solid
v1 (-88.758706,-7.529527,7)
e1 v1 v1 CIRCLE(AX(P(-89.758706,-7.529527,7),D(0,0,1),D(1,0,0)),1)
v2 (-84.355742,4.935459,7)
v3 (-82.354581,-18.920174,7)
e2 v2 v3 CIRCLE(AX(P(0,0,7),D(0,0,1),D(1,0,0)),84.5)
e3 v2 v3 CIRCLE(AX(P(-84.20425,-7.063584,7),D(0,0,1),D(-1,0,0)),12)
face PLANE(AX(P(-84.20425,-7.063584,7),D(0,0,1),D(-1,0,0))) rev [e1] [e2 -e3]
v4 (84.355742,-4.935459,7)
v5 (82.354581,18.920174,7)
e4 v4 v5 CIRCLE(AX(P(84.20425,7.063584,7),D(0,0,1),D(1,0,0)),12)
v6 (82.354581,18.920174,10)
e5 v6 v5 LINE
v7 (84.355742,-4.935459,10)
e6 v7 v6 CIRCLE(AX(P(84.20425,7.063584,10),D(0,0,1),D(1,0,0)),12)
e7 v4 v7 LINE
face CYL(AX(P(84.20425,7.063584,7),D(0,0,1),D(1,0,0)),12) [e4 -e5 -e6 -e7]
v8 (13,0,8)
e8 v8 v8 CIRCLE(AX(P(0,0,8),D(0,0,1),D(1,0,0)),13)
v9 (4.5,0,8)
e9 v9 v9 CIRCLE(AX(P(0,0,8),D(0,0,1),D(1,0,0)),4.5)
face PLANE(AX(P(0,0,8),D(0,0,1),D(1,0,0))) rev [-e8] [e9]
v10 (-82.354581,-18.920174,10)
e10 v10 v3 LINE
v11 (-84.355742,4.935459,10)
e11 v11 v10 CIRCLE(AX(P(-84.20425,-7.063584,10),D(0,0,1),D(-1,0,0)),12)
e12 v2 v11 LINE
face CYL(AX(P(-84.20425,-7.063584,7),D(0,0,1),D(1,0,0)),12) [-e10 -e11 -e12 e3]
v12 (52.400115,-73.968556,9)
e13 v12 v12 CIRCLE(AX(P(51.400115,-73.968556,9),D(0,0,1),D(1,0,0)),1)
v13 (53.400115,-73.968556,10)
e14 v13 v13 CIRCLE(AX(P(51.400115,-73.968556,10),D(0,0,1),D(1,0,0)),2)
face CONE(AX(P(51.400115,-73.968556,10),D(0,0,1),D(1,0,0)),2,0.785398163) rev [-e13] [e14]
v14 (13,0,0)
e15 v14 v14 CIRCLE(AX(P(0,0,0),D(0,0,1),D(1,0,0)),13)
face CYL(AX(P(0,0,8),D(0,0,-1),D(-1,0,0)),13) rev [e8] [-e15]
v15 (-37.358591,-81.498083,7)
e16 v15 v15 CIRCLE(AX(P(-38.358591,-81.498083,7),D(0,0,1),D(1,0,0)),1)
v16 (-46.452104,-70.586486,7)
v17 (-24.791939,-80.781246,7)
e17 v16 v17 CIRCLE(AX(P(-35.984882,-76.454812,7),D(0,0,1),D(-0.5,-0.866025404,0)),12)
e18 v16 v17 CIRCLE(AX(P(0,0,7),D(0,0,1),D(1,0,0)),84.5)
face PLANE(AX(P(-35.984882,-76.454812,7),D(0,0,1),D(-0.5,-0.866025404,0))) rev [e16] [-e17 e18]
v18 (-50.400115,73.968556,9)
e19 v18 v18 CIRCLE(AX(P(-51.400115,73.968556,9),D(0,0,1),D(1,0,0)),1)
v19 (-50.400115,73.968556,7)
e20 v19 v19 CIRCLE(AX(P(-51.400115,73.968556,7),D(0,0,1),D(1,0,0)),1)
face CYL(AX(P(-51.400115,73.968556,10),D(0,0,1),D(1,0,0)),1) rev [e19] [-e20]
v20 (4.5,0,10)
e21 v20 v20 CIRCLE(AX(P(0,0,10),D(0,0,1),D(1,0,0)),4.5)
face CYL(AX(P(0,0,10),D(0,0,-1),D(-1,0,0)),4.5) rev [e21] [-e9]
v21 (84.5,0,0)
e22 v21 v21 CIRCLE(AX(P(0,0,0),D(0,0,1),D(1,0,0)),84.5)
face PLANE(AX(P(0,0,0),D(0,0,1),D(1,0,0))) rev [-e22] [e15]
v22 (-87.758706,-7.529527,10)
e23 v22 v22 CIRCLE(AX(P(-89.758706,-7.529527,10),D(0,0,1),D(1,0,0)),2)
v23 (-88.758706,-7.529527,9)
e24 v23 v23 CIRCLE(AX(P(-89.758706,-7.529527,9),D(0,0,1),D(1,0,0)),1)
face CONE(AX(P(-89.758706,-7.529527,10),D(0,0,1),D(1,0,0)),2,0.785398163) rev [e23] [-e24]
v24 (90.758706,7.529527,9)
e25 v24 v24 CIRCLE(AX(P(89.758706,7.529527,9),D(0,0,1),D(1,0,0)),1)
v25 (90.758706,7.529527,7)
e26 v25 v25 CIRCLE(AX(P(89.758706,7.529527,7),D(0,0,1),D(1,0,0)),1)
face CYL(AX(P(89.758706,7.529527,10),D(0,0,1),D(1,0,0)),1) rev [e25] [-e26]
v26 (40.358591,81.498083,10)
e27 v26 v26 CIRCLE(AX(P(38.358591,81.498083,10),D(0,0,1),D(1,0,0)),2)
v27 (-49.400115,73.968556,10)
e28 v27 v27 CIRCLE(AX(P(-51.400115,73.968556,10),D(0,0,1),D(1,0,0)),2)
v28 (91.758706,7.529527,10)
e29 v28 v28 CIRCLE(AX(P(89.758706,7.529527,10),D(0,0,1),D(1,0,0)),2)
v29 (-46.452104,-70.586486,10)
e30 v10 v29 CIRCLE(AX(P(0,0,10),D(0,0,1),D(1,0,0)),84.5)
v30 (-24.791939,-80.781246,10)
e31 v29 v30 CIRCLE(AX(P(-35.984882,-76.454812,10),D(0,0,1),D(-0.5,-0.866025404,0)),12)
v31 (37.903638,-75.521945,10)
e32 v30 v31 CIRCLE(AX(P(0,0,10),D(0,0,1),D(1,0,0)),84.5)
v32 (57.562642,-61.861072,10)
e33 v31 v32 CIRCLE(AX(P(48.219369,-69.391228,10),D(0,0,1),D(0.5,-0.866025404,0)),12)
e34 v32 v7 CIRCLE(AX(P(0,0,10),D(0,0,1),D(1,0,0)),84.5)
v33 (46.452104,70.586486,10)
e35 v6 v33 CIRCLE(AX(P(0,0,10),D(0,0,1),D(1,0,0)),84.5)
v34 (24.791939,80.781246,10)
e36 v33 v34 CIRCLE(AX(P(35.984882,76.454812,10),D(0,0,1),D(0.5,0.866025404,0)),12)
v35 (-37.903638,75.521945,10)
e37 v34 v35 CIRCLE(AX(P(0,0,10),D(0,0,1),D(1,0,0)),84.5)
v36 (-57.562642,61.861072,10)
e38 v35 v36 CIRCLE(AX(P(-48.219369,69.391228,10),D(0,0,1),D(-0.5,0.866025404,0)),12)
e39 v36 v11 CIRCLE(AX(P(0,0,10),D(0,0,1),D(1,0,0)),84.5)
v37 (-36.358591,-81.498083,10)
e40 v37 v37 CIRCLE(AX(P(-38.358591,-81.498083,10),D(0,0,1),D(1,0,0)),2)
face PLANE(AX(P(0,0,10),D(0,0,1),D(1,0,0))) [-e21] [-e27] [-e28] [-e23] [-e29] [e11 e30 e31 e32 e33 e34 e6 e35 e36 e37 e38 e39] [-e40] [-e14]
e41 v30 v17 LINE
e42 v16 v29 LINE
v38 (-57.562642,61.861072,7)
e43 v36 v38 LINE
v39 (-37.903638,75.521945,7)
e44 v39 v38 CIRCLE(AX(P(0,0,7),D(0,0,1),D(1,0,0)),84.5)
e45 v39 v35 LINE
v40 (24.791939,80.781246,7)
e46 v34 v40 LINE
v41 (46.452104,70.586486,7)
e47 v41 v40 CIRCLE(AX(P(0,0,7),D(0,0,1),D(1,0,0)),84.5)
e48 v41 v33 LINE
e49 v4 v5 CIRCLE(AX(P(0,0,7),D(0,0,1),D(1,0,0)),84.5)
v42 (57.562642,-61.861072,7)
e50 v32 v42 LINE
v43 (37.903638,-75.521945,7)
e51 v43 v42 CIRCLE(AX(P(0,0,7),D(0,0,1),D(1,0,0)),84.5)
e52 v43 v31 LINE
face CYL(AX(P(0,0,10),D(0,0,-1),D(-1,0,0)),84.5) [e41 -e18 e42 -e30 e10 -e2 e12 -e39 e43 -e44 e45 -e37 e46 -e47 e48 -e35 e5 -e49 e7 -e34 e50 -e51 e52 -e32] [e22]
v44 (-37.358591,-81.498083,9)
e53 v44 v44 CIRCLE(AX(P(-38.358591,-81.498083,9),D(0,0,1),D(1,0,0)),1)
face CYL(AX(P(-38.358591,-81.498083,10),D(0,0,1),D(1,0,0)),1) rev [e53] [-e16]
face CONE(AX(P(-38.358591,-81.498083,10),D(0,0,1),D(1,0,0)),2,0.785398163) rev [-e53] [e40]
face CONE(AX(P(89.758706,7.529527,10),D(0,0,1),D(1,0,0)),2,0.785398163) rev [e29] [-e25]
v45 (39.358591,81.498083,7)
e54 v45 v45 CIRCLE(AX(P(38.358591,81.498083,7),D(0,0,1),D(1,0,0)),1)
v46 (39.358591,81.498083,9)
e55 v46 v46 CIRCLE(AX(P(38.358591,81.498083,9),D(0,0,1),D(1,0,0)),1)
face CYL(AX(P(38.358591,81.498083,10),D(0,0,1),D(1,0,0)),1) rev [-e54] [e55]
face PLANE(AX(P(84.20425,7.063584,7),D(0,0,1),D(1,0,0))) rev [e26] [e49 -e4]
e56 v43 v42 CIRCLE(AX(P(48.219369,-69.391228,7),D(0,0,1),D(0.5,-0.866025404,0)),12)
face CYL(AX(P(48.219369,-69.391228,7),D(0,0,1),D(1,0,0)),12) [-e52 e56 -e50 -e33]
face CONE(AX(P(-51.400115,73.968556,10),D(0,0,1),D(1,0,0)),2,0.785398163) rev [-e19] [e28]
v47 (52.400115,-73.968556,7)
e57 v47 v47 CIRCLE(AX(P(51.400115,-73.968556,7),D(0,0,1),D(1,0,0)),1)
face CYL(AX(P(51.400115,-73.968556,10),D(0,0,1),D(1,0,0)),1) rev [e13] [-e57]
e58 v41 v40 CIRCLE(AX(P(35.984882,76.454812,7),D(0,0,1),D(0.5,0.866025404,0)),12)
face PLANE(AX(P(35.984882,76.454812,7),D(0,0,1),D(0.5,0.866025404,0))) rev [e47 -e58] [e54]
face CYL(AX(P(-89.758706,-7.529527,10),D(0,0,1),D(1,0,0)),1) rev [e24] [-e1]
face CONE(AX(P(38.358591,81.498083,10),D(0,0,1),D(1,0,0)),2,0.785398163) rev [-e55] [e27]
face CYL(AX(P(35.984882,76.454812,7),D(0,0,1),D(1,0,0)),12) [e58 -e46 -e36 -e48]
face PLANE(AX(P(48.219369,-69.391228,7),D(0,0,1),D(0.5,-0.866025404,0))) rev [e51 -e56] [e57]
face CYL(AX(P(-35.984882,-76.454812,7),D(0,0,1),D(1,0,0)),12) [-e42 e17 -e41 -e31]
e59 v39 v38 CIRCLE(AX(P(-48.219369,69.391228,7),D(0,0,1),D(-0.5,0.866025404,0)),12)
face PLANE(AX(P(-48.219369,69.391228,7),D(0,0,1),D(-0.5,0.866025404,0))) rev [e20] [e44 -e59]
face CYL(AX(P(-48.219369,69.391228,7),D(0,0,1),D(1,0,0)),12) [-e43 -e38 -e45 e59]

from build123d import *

# Parameters (mm, degrees)
SKETCH1_R                                       = 84.5
SKETCH1_R_2                                     = 4.5
BOSS_EXTRUDE1_DEPTH                             = 10
SKETCH2_R                                       = 13
CUT_EXTRUDE1_DEPTH                              = 8
SKETCH3_R                                       = 12
BOSS_EXTRUDE2_DEPTH                             = 3
CIRPATTERN1_COUNT                               = 6
CSK_FOR_M2_FLAT_HEAD_MACHINE_SCREW1_D           = 2
CSK_FOR_M2_FLAT_HEAD_MACHINE_SCREW1_CSINK_D     = 4
CSK_FOR_M2_FLAT_HEAD_MACHINE_SCREW1_CSINK_ANGLE = 90
CIRPATTERN2_COUNT                               = 6


with BuildPart() as part:
    # Sketch1 → Boss-Extrude1 (new body)
    with BuildSketch(Plane.XY):
        Circle(SKETCH1_R)
        Circle(SKETCH1_R_2, mode=Mode.SUBTRACT)
    extrude(amount=BOSS_EXTRUDE1_DEPTH)

    # Sketch2 → Cut-Extrude1 (cut)
    with BuildSketch(Plane.XY):
        Circle(SKETCH2_R)
    extrude(amount=CUT_EXTRUDE1_DEPTH, mode=Mode.SUBTRACT)

    # Sketch3 → Boss-Extrude2 (add)
    with BuildSketch(Plane.XY.offset(10)):
        with Locations((84.204250337, 7.063584439)):
            Circle(SKETCH3_R)
    boss_extrude2 = extrude(amount=-BOSS_EXTRUDE2_DEPTH)

    # CirPattern1: Boss-Extrude2 ×6 about axis
    cirpattern1_axis = Axis((0, 0, 0), (0, 0, 1))
    for i in range(1, CIRPATTERN1_COUNT):
        add(boss_extrude2.rotate(cirpattern1_axis, i * 360 / CIRPATTERN1_COUNT))

    # CSK for M2 Flat Head Machine Screw1 (through all)
    with Locations(Plane(origin=(89.758705981, 7.529527266, 10), x_dir=(1, 0, 0), z_dir=(0, 0, 1))):
        with Locations((0, 0)):
            csk_for_m2_flat_head_machine_screw1 = CounterSinkHole(CSK_FOR_M2_FLAT_HEAD_MACHINE_SCREW1_D / 2, CSK_FOR_M2_FLAT_HEAD_MACHINE_SCREW1_CSINK_D / 2, counter_sink_angle=CSK_FOR_M2_FLAT_HEAD_MACHINE_SCREW1_CSINK_ANGLE)

    # CirPattern2: CSK for M2 Flat Head Machine Screw1 ×6 about axis
    cirpattern2_axis = Axis((0, 0, 0), (0, 0, 1))
    for i in range(1, CIRPATTERN2_COUNT):
        add(csk_for_m2_flat_head_machine_screw1.rotate(cirpattern2_axis, i * 360 / CIRPATTERN2_COUNT), mode=Mode.SUBTRACT)


solid = part.part
